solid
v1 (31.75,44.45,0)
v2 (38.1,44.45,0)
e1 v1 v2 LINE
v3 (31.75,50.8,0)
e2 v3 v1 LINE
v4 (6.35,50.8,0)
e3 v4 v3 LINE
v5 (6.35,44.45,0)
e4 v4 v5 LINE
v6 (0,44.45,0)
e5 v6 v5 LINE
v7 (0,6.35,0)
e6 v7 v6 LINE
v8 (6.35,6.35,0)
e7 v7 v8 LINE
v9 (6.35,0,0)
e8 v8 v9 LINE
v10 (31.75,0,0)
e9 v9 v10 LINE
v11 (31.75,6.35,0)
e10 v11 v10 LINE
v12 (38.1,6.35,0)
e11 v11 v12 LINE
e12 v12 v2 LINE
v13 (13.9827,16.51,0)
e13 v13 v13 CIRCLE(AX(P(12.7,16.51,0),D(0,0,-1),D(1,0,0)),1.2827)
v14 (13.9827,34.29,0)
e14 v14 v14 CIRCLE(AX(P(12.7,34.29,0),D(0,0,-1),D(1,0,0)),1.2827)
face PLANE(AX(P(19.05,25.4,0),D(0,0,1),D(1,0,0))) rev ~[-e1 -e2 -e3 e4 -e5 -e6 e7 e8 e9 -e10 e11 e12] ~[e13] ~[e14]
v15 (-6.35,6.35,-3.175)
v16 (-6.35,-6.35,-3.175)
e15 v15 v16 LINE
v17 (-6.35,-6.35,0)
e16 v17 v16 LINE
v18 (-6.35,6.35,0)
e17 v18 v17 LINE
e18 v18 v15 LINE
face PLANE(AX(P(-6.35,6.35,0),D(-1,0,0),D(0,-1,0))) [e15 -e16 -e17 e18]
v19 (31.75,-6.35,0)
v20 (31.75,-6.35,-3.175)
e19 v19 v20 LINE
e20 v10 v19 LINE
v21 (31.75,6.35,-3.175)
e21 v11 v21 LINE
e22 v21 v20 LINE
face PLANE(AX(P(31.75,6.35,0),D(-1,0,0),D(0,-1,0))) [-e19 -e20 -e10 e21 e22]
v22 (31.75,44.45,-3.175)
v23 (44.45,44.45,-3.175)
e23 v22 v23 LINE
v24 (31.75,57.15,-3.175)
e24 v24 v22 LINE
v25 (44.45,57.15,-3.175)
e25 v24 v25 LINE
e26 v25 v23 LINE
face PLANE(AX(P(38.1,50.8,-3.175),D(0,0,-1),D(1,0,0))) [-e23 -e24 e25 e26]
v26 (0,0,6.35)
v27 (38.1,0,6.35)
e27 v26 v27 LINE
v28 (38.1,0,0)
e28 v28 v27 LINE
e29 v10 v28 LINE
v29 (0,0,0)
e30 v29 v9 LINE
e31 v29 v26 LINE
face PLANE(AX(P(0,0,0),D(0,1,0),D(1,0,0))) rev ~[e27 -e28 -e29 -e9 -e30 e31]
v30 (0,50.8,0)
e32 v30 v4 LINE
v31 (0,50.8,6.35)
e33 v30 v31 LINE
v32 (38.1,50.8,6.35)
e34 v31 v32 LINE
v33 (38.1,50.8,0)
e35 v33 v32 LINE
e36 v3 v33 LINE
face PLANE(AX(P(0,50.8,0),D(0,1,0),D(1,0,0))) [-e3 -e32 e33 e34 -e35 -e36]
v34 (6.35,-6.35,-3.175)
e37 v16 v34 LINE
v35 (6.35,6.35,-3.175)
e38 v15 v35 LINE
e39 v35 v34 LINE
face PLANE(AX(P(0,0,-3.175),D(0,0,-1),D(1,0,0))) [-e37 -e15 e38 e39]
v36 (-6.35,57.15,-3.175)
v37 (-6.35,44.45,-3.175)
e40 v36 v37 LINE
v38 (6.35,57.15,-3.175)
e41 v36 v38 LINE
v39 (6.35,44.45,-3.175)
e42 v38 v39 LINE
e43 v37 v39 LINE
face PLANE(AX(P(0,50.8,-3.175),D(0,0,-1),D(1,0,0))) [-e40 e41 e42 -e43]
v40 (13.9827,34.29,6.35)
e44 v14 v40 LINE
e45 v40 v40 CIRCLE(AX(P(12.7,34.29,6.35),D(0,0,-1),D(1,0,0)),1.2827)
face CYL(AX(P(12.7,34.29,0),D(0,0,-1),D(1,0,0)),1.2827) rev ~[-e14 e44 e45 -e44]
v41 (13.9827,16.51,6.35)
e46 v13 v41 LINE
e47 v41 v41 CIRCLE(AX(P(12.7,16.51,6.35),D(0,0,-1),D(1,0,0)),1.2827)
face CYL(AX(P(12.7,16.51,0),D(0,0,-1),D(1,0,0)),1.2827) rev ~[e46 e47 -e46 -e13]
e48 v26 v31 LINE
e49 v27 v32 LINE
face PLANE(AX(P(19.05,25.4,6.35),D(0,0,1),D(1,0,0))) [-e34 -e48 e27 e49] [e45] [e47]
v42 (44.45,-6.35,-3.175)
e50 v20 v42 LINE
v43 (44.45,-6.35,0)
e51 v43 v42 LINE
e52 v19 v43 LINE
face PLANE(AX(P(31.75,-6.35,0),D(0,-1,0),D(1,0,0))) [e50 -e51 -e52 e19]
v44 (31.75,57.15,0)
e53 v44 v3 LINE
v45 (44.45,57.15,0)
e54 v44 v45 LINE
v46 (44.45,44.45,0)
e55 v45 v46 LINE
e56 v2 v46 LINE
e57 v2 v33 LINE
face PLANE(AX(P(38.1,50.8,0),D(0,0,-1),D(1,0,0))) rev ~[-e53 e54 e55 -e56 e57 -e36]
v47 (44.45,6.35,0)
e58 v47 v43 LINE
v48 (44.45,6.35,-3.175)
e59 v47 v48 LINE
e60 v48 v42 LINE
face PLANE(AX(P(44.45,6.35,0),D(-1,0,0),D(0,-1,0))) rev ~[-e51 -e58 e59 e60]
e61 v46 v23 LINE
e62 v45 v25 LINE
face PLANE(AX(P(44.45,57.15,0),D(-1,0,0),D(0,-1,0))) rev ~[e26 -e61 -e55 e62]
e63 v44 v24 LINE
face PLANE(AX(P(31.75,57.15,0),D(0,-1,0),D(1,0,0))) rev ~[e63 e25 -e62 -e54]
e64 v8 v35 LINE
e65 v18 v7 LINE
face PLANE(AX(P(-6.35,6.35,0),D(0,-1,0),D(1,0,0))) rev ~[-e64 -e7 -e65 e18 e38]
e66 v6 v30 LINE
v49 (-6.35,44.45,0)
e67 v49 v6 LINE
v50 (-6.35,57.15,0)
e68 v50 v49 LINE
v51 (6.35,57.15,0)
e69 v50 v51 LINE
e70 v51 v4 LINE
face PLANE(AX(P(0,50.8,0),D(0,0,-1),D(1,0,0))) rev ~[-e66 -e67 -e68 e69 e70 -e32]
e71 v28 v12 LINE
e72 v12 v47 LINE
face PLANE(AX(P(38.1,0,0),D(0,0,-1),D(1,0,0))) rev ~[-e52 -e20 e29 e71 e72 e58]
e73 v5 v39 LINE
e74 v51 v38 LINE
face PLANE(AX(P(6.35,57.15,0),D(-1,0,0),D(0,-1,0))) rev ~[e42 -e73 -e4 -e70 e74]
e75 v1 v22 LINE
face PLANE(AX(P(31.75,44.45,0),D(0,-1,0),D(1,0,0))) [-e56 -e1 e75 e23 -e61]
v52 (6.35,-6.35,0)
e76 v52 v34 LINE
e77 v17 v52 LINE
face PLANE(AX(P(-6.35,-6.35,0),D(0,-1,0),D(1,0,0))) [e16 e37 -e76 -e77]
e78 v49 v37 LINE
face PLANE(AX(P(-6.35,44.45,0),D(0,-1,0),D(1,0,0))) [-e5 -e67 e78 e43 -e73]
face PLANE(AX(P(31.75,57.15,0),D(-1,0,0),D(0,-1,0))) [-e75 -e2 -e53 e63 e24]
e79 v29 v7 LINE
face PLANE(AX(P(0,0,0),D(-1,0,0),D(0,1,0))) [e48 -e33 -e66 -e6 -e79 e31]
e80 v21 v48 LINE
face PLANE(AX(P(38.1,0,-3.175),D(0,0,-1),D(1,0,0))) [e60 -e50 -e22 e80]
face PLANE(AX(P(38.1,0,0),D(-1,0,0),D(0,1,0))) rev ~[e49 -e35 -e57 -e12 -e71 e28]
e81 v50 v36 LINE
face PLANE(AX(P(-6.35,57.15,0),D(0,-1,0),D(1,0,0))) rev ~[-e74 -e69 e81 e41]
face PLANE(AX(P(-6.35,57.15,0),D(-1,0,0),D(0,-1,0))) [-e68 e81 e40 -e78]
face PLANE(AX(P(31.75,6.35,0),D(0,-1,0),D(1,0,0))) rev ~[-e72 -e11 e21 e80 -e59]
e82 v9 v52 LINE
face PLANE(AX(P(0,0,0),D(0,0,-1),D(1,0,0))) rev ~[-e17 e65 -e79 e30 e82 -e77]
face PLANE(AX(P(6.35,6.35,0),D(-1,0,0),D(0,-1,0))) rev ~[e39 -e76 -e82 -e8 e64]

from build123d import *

# Parameters (mm, degrees)
F0_W     = 38.1
F0_H     = 50.8
F1_DEPTH = 6.35
F2_W     = 12.7
F2_H     = 12.7
F3_DEPTH = 3.175
F4_R     = 1.2827
F5_DEPTH = 25.4


with BuildPart() as f1:
    # F0 (on Top) → F1 (new body)
    with BuildSketch(Plane.XY):
        with Locations((19.05, 25.4)):
            Rectangle(F0_W, F0_H)
    extrude(amount=F1_DEPTH)

    # F2 (on face) → F3 (join)
    with BuildSketch(Plane(origin=(0, 0, 0), x_dir=(1, 0, 0), z_dir=(0, 0, -1))):
        Rectangle(F2_W, F2_H)
        with Locations((38.1, 0)):
            Rectangle(F2_W, F2_H)
        with Locations((0, -50.8)):
            Rectangle(F2_W, F2_H)
        with Locations((38.1, -50.8)):
            Rectangle(F2_W, F2_H)
    extrude(amount=F3_DEPTH)

    # F4 (on face) → F5 (cut)
    with BuildSketch(Plane(origin=(0, 0, 0), x_dir=(1, 0, 0), z_dir=(0, 0, -1))):
        with Locations((12.7, -16.51)):
            Circle(F4_R)
        with Locations((12.7, -34.29)):
            Circle(F4_R)
    extrude(amount=-F5_DEPTH, mode=Mode.SUBTRACT)


solid = f1.part
